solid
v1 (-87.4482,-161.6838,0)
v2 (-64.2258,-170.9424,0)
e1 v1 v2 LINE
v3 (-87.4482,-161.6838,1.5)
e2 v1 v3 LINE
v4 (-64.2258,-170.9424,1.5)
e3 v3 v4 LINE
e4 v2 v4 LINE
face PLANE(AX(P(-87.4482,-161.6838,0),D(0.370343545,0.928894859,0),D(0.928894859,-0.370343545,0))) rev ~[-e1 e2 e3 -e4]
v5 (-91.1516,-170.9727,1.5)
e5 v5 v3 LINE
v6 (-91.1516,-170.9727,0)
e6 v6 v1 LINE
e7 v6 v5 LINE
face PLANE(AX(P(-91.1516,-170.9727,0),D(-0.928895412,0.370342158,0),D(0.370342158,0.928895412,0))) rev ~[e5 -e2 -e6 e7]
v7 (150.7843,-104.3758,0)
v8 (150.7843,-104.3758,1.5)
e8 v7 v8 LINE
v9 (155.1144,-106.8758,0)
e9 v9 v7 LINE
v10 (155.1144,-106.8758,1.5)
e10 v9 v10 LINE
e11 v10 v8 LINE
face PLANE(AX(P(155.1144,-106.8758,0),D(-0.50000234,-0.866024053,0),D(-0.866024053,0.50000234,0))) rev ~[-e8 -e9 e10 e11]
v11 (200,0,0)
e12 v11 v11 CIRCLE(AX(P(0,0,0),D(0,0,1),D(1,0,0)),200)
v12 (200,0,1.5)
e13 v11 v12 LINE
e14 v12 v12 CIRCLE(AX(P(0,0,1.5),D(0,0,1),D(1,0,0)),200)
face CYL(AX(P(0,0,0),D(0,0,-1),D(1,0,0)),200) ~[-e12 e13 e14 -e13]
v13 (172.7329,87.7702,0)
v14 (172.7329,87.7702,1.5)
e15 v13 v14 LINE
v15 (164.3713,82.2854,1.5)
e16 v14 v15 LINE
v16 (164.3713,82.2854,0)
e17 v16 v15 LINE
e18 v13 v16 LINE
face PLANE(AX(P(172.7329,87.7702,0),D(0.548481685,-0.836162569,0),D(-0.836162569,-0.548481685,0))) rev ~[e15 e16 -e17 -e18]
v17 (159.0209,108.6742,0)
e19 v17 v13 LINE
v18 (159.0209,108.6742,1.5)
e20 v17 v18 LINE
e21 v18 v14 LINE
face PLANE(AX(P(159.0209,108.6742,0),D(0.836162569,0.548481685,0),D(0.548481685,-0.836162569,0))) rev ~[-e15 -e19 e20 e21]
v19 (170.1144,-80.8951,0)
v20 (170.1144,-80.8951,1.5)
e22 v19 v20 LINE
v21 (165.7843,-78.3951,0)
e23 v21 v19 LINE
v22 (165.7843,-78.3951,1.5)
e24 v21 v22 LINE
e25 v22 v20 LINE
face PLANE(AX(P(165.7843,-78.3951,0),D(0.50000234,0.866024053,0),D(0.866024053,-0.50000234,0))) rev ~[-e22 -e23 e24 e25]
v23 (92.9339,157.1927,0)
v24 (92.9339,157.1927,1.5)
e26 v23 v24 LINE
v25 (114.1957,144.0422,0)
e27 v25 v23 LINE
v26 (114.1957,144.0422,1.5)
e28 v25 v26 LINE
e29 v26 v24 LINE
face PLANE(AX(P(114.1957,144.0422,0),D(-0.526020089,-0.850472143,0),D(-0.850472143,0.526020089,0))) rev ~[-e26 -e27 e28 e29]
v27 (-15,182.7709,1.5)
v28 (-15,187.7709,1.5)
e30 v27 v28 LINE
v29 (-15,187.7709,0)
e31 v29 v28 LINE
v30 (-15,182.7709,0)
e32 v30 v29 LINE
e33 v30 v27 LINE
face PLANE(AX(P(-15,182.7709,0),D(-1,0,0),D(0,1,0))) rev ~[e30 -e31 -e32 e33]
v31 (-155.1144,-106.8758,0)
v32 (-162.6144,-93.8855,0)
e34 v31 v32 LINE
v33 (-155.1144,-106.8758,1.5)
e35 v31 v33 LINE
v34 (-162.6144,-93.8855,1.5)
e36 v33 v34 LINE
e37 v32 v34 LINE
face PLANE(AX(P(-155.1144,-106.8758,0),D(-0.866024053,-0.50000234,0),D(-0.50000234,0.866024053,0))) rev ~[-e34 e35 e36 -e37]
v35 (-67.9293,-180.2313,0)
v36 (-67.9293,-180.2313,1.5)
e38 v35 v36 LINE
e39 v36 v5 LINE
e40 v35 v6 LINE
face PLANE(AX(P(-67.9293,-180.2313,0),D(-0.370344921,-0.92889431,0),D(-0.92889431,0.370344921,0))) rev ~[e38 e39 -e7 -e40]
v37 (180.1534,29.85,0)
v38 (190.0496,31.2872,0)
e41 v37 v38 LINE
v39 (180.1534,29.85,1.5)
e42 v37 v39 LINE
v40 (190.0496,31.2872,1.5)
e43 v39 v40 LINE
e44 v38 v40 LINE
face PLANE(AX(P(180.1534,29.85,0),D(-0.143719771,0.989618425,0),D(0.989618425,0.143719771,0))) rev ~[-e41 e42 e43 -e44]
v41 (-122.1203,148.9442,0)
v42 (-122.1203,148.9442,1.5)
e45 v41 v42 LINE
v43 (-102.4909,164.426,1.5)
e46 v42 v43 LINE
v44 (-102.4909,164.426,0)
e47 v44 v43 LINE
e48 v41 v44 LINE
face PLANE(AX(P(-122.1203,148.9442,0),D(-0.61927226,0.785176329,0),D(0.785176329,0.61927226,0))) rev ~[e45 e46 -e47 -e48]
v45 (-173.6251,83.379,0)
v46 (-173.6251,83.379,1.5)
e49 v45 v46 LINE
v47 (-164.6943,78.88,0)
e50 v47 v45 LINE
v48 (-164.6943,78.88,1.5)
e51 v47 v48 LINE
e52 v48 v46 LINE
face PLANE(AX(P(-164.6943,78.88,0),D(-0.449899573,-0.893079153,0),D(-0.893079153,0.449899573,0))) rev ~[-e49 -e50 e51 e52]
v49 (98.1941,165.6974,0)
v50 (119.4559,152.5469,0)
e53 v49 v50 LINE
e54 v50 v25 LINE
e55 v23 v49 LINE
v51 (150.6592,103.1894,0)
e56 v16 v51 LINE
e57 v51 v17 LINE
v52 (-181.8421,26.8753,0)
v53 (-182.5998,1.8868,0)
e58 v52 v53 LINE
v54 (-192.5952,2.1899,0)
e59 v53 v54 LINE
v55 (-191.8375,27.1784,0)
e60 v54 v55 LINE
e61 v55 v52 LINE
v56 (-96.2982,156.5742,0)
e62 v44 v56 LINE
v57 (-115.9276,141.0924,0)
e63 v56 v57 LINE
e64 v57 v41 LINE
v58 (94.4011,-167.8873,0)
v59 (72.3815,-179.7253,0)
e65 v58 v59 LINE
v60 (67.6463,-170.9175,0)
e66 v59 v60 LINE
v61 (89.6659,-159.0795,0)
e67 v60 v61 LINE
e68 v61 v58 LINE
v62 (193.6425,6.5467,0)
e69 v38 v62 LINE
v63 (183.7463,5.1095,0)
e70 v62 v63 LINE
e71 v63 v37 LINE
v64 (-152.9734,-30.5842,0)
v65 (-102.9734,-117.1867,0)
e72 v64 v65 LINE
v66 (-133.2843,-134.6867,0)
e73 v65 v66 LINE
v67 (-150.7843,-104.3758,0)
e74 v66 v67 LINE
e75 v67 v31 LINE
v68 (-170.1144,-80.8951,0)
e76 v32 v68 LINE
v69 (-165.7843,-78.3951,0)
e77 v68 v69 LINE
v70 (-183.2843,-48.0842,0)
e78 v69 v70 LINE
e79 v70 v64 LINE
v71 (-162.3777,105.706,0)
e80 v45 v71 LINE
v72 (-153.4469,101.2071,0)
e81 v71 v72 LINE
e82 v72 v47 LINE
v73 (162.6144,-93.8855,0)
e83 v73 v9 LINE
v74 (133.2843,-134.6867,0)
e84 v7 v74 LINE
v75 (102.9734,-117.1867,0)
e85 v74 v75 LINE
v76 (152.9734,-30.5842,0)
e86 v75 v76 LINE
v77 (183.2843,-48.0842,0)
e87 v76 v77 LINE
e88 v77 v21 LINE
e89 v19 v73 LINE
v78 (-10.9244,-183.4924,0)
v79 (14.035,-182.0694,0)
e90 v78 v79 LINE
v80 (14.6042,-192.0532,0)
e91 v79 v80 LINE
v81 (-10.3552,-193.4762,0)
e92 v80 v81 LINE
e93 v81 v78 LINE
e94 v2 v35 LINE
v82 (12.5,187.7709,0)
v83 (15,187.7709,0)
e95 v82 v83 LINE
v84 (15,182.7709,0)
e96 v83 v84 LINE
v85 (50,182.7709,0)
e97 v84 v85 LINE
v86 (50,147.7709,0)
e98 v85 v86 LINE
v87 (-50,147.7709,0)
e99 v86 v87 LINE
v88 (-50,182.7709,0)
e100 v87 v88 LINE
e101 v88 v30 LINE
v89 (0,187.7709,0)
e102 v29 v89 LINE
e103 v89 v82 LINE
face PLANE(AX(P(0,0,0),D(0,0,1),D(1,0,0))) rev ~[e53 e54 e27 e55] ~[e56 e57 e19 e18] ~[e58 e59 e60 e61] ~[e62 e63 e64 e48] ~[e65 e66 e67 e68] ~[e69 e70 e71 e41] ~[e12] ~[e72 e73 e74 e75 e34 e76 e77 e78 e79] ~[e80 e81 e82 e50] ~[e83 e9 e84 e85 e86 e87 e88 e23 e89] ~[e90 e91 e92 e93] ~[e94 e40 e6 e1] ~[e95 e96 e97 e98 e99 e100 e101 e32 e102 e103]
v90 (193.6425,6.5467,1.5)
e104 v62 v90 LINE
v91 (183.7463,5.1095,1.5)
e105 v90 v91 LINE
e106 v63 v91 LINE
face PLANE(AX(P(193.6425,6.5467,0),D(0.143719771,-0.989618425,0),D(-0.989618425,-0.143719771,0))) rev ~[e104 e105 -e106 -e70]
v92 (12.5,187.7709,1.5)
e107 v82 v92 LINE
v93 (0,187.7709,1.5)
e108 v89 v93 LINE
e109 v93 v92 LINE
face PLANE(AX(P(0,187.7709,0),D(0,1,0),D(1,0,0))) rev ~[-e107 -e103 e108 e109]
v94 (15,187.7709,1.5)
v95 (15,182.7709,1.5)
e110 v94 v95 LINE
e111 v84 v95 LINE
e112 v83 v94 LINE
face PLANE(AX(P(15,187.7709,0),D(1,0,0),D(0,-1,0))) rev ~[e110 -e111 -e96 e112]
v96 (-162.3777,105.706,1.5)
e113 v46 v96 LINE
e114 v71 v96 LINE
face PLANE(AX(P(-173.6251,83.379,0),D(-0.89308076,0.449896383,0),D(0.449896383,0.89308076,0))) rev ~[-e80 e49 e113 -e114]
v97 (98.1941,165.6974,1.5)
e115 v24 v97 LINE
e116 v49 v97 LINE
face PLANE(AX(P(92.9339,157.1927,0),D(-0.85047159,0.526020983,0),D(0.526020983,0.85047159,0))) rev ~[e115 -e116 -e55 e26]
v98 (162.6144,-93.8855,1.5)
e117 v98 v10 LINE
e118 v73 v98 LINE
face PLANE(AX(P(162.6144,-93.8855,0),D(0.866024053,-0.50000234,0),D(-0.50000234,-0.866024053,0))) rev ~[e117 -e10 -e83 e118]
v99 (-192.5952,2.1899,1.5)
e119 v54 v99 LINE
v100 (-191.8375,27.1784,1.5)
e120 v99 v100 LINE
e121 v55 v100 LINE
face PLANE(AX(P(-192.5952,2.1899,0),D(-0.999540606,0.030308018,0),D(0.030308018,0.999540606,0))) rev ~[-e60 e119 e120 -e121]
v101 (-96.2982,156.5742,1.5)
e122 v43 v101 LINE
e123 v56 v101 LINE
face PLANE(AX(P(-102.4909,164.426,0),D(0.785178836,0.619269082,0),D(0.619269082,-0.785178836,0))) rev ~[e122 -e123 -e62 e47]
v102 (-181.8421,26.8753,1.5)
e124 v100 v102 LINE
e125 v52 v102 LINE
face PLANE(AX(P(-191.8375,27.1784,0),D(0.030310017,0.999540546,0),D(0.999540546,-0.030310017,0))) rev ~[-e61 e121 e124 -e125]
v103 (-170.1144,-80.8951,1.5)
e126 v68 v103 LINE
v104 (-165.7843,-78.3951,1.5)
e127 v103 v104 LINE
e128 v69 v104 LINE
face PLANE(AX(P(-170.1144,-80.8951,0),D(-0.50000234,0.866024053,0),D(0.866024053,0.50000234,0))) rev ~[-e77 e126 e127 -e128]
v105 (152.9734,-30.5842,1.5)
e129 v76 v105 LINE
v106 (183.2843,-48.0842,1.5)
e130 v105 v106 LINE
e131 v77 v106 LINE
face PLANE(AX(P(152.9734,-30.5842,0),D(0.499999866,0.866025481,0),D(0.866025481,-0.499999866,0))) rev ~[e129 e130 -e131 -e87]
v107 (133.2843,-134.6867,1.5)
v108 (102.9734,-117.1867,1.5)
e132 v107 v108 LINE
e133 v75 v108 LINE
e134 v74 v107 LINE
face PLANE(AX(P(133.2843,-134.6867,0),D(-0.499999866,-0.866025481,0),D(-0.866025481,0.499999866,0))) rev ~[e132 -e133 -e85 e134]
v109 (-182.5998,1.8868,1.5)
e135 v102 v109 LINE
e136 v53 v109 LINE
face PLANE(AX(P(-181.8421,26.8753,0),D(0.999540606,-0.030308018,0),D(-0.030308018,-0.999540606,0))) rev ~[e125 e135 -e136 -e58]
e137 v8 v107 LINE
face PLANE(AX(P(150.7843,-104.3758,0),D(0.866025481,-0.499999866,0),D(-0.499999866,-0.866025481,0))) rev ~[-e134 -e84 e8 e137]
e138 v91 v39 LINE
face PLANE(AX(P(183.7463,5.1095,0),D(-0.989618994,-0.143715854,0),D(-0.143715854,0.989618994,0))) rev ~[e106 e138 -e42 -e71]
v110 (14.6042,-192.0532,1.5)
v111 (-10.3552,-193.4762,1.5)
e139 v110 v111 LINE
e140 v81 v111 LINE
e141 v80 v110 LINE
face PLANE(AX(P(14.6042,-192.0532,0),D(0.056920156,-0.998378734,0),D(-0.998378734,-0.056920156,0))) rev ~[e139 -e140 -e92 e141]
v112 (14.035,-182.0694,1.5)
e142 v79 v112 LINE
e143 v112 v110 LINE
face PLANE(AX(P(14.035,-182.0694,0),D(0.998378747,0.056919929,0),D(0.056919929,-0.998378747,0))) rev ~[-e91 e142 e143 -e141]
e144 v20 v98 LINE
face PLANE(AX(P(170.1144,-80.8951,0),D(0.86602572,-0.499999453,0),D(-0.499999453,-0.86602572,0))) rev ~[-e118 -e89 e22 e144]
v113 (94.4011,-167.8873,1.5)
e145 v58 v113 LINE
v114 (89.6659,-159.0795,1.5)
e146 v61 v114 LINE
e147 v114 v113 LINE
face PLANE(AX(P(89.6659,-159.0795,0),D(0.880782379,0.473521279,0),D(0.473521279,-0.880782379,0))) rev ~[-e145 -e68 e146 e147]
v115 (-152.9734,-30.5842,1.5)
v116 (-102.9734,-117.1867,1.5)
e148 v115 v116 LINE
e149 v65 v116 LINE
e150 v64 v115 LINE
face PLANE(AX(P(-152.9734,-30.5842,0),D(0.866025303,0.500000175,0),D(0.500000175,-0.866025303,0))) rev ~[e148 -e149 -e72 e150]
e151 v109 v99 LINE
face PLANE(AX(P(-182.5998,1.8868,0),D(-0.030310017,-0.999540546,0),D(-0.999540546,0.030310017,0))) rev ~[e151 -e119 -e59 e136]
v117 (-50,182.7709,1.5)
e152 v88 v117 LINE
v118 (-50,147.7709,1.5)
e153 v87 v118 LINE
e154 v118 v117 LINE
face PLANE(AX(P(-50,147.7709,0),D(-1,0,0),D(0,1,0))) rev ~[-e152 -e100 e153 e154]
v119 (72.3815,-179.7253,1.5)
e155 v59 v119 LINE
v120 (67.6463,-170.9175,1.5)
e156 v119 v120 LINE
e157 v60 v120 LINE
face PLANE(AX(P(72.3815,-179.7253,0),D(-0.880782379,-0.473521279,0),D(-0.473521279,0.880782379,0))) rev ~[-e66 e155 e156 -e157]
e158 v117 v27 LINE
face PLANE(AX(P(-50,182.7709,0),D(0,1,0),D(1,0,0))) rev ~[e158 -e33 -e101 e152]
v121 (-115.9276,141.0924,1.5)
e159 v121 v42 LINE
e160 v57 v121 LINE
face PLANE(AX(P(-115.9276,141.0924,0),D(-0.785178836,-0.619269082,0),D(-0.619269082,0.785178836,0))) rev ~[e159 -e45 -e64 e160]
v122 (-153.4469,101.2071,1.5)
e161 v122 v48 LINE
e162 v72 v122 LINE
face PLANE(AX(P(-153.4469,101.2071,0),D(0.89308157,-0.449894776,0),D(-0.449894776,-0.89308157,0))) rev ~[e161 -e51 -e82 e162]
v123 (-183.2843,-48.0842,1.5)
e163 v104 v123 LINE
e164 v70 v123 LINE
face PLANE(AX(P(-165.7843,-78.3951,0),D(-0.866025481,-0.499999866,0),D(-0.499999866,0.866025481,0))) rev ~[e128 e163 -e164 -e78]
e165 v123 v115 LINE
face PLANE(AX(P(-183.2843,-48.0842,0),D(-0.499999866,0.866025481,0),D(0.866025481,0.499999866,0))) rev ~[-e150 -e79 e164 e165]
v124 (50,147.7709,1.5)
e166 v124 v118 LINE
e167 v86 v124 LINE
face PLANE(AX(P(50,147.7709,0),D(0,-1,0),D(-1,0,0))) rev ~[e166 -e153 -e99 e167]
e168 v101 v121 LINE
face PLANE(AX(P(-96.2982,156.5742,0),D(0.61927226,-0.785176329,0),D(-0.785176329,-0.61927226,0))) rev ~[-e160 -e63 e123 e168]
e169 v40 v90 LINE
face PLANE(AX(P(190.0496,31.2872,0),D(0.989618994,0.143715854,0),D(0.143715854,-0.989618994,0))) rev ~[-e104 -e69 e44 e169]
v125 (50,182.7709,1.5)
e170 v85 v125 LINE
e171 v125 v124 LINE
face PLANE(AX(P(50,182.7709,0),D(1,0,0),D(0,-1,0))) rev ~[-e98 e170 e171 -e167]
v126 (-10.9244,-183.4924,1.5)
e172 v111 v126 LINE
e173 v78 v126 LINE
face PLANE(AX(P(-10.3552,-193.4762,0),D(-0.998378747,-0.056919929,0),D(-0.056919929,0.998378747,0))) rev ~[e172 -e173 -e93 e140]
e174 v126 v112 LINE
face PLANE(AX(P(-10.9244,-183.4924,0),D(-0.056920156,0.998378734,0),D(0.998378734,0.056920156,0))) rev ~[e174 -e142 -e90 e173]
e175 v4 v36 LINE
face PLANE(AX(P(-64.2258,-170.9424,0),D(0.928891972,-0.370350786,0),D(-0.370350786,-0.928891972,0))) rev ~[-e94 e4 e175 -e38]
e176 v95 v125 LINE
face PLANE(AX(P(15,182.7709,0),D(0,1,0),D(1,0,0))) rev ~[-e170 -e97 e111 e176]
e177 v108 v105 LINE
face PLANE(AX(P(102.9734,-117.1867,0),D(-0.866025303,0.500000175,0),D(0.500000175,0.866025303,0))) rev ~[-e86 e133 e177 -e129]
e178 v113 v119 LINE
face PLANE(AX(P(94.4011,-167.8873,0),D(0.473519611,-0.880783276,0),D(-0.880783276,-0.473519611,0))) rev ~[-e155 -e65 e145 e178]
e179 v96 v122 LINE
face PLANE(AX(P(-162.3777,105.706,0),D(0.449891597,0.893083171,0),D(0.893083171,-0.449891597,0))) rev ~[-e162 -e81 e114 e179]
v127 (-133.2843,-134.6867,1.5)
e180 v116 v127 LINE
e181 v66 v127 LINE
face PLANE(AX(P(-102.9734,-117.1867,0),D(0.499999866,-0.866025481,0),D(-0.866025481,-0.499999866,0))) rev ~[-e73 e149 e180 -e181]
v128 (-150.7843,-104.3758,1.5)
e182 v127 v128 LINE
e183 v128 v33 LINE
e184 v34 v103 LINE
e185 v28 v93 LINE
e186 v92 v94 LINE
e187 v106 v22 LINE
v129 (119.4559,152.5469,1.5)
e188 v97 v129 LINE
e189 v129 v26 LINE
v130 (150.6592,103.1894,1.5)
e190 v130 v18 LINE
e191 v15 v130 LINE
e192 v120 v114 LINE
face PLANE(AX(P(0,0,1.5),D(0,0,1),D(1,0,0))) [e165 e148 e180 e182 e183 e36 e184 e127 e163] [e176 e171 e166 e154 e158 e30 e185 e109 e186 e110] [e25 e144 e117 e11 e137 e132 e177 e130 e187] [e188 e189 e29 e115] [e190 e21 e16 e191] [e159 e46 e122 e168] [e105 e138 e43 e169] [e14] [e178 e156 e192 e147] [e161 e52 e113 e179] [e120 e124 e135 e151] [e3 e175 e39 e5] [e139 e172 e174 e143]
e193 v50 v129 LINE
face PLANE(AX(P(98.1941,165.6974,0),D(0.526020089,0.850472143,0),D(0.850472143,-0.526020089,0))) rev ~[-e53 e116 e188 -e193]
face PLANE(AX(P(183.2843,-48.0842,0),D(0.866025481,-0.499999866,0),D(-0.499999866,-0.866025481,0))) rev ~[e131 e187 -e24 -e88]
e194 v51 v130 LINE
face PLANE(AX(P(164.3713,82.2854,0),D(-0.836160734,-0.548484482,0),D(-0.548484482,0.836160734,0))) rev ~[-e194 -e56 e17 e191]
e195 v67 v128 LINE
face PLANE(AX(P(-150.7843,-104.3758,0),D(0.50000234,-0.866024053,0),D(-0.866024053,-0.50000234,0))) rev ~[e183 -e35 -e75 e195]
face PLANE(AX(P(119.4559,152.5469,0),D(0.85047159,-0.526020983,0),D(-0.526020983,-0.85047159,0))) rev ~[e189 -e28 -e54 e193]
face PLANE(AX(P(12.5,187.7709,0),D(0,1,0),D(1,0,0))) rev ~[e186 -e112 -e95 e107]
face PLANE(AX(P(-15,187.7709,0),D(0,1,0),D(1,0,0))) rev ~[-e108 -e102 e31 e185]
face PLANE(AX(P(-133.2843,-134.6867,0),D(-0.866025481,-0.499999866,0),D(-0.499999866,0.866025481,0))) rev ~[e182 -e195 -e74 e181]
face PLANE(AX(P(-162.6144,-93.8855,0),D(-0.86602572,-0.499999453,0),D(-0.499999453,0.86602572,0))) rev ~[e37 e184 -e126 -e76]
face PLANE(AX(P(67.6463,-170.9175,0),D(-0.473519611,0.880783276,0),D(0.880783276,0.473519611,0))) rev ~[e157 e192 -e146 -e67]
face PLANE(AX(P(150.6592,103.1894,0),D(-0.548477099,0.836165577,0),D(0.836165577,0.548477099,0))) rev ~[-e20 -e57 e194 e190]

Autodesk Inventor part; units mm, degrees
ref_plane "YZ Plane" through (0, 0, 0) normal (1, 0, 0) x (0, 1, 0)
ref_plane "XZ Plane" through (0, 0, 0) normal (0, 1, 0) x (-1, 0, 0)
ref_plane "XY Plane" through (0, 0, 0) normal (0, 0, 1) x (1, 0, 0)
sketch "Sketch1" plane through (0, 0, 0) normal (0, 0, 1) x (1, 0, 0)
  circle A0 centre (0, 0) radius 200
  line L0 (0, 187.7709) -> (15, 187.7709)
  line L1 (15, 187.7709) -> (15, 182.7709)
  line L2 (15, 182.7709) -> (50, 182.7709)
  line L3 (50, 182.7709) -> (50, 147.7709)
  line L4 (50, 147.7709) -> (-50, 147.7709)
  line L5 (-50, 147.7709) -> (-50, 182.7709)
  line L6 (-50, 182.7709) -> (-15, 182.7709)
  line L7 (-15, 182.7709) -> (-15, 187.7709)
  line L8 (-15, 187.7709) -> (0, 187.7709)
  line L9 (-162.6144, -93.8855) -> (-170.1144, -80.8951)
  line L10 (-170.1144, -80.8951) -> (-165.7843, -78.3951)
  line L11 (-165.7843, -78.3951) -> (-183.2843, -48.0842)
  line L12 (-183.2843, -48.0842) -> (-152.9734, -30.5842)
  line L13 (-152.9734, -30.5842) -> (-102.9734, -117.1867)
  line L14 (-102.9734, -117.1867) -> (-133.2843, -134.6867)
  line L15 (-133.2843, -134.6867) -> (-150.7843, -104.3758)
  line L16 (-150.7843, -104.3758) -> (-155.1144, -106.8758)
  line L17 (-155.1144, -106.8758) -> (-162.6144, -93.8855)
  line L18 (162.6144, -93.8855) -> (155.1144, -106.8758)
  line L19 (155.1144, -106.8758) -> (150.7843, -104.3758)
  line L20 (150.7843, -104.3758) -> (133.2843, -134.6867)
  line L21 (133.2843, -134.6867) -> (102.9734, -117.1867)
  line L22 (102.9734, -117.1867) -> (152.9734, -30.5842)
  line L23 (152.9734, -30.5842) -> (183.2843, -48.0842)
  line L24 (183.2843, -48.0842) -> (165.7843, -78.3951)
  line L25 (165.7843, -78.3951) -> (170.1144, -80.8951)
  line L26 (170.1144, -80.8951) -> (162.6144, -93.8855)
  line L27 (12.5, 183.7364) -> (12.5, 193.7364)
  line L28 (-173.6251, 83.379) -> (-162.3777, 105.706)
  line L29 (-162.3777, 105.706) -> (-153.4469, 101.2071)
  line L30 (-153.4469, 101.2071) -> (-164.6943, 78.88)
  line L31 (-164.6943, 78.88) -> (-173.6251, 83.379)
  line L32 (-181.8421, 26.8753) -> (-182.5998, 1.8868)
  line L33 (-192.5952, 2.1899) -> (-191.8375, 27.1784)
  line L34 (-182.5998, 1.8868) -> (-192.5952, 2.1899)
  line L35 (-191.8375, 27.1784) -> (-181.8421, 26.8753)
  line L36 (-115.9276, 141.0924) -> (-122.1203, 148.9442)
  line L37 (-96.2982, 156.5742) -> (-115.9276, 141.0924)
  line L38 (-102.4909, 164.426) -> (-96.2982, 156.5742)
  line L39 (-122.1203, 148.9442) -> (-102.4909, 164.426)
  line L40 (72.3815, -179.7253) -> (67.6463, -170.9175)
  line L41 (67.6463, -170.9175) -> (89.6659, -159.0795)
  line L42 (94.4011, -167.8873) -> (72.3815, -179.7253)
  line L43 (89.6659, -159.0795) -> (94.4011, -167.8873)
  line L44 (14.035, -182.0694) -> (14.6042, -192.0532)
  line L45 (-10.9244, -183.4924) -> (14.035, -182.0694)
  line L46 (-10.3552, -193.4762) -> (-10.9244, -183.4924)
  line L47 (14.6042, -192.0532) -> (-10.3552, -193.4762)
  line L48 (-64.2258, -170.9424) -> (-67.9293, -180.2313)
  line L49 (-87.4482, -161.6838) -> (-64.2258, -170.9424)
  line L50 (-67.9293, -180.2313) -> (-91.1516, -170.9727)
  line L51 (-91.1516, -170.9727) -> (-87.4482, -161.6838)
  line L52 (119.4559, 152.5469) -> (114.1957, 144.0422)
  line L53 (114.1957, 144.0422) -> (92.9339, 157.1927)
  line L54 (98.1941, 165.6974) -> (119.4559, 152.5469)
  line L55 (92.9339, 157.1927) -> (98.1941, 165.6974)
  line L56 (150.6592, 103.1894) -> (159.0209, 108.6742)
  line L57 (164.3713, 82.2854) -> (150.6592, 103.1894)
  line L58 (172.7329, 87.7702) -> (164.3713, 82.2854)
  line L59 (159.0209, 108.6742) -> (172.7329, 87.7702)
  line L60 (180.1534, 29.85) -> (190.0496, 31.2872)
  line L61 (183.7463, 5.1095) -> (180.1534, 29.85)
  line L62 (190.0496, 31.2872) -> (193.6425, 6.5467)
  line L63 (193.6425, 6.5467) -> (183.7463, 5.1095)
  point P0 (-163.536, 92.293)
  point P1 (-187.2187, 14.5326)
  point P2 (-109.2092, 152.7592)
  point P3 (81.0237, -169.4024)
  point P4 (1.8399, -187.7728)
  point P5 (-77.6887, -170.9575)
  point P6 (106.1949, 154.8698)
  point P7 (161.6961, 95.4798)
  point P8 (186.8979, 18.1984)
  dimension "d12" = 360
  dimension "d28" = 25
  dimension "d32" = 25
  dimension "d36" = 360
extrude "Extrusion1" add sketch "Sketch1" along normal blind 1.5
